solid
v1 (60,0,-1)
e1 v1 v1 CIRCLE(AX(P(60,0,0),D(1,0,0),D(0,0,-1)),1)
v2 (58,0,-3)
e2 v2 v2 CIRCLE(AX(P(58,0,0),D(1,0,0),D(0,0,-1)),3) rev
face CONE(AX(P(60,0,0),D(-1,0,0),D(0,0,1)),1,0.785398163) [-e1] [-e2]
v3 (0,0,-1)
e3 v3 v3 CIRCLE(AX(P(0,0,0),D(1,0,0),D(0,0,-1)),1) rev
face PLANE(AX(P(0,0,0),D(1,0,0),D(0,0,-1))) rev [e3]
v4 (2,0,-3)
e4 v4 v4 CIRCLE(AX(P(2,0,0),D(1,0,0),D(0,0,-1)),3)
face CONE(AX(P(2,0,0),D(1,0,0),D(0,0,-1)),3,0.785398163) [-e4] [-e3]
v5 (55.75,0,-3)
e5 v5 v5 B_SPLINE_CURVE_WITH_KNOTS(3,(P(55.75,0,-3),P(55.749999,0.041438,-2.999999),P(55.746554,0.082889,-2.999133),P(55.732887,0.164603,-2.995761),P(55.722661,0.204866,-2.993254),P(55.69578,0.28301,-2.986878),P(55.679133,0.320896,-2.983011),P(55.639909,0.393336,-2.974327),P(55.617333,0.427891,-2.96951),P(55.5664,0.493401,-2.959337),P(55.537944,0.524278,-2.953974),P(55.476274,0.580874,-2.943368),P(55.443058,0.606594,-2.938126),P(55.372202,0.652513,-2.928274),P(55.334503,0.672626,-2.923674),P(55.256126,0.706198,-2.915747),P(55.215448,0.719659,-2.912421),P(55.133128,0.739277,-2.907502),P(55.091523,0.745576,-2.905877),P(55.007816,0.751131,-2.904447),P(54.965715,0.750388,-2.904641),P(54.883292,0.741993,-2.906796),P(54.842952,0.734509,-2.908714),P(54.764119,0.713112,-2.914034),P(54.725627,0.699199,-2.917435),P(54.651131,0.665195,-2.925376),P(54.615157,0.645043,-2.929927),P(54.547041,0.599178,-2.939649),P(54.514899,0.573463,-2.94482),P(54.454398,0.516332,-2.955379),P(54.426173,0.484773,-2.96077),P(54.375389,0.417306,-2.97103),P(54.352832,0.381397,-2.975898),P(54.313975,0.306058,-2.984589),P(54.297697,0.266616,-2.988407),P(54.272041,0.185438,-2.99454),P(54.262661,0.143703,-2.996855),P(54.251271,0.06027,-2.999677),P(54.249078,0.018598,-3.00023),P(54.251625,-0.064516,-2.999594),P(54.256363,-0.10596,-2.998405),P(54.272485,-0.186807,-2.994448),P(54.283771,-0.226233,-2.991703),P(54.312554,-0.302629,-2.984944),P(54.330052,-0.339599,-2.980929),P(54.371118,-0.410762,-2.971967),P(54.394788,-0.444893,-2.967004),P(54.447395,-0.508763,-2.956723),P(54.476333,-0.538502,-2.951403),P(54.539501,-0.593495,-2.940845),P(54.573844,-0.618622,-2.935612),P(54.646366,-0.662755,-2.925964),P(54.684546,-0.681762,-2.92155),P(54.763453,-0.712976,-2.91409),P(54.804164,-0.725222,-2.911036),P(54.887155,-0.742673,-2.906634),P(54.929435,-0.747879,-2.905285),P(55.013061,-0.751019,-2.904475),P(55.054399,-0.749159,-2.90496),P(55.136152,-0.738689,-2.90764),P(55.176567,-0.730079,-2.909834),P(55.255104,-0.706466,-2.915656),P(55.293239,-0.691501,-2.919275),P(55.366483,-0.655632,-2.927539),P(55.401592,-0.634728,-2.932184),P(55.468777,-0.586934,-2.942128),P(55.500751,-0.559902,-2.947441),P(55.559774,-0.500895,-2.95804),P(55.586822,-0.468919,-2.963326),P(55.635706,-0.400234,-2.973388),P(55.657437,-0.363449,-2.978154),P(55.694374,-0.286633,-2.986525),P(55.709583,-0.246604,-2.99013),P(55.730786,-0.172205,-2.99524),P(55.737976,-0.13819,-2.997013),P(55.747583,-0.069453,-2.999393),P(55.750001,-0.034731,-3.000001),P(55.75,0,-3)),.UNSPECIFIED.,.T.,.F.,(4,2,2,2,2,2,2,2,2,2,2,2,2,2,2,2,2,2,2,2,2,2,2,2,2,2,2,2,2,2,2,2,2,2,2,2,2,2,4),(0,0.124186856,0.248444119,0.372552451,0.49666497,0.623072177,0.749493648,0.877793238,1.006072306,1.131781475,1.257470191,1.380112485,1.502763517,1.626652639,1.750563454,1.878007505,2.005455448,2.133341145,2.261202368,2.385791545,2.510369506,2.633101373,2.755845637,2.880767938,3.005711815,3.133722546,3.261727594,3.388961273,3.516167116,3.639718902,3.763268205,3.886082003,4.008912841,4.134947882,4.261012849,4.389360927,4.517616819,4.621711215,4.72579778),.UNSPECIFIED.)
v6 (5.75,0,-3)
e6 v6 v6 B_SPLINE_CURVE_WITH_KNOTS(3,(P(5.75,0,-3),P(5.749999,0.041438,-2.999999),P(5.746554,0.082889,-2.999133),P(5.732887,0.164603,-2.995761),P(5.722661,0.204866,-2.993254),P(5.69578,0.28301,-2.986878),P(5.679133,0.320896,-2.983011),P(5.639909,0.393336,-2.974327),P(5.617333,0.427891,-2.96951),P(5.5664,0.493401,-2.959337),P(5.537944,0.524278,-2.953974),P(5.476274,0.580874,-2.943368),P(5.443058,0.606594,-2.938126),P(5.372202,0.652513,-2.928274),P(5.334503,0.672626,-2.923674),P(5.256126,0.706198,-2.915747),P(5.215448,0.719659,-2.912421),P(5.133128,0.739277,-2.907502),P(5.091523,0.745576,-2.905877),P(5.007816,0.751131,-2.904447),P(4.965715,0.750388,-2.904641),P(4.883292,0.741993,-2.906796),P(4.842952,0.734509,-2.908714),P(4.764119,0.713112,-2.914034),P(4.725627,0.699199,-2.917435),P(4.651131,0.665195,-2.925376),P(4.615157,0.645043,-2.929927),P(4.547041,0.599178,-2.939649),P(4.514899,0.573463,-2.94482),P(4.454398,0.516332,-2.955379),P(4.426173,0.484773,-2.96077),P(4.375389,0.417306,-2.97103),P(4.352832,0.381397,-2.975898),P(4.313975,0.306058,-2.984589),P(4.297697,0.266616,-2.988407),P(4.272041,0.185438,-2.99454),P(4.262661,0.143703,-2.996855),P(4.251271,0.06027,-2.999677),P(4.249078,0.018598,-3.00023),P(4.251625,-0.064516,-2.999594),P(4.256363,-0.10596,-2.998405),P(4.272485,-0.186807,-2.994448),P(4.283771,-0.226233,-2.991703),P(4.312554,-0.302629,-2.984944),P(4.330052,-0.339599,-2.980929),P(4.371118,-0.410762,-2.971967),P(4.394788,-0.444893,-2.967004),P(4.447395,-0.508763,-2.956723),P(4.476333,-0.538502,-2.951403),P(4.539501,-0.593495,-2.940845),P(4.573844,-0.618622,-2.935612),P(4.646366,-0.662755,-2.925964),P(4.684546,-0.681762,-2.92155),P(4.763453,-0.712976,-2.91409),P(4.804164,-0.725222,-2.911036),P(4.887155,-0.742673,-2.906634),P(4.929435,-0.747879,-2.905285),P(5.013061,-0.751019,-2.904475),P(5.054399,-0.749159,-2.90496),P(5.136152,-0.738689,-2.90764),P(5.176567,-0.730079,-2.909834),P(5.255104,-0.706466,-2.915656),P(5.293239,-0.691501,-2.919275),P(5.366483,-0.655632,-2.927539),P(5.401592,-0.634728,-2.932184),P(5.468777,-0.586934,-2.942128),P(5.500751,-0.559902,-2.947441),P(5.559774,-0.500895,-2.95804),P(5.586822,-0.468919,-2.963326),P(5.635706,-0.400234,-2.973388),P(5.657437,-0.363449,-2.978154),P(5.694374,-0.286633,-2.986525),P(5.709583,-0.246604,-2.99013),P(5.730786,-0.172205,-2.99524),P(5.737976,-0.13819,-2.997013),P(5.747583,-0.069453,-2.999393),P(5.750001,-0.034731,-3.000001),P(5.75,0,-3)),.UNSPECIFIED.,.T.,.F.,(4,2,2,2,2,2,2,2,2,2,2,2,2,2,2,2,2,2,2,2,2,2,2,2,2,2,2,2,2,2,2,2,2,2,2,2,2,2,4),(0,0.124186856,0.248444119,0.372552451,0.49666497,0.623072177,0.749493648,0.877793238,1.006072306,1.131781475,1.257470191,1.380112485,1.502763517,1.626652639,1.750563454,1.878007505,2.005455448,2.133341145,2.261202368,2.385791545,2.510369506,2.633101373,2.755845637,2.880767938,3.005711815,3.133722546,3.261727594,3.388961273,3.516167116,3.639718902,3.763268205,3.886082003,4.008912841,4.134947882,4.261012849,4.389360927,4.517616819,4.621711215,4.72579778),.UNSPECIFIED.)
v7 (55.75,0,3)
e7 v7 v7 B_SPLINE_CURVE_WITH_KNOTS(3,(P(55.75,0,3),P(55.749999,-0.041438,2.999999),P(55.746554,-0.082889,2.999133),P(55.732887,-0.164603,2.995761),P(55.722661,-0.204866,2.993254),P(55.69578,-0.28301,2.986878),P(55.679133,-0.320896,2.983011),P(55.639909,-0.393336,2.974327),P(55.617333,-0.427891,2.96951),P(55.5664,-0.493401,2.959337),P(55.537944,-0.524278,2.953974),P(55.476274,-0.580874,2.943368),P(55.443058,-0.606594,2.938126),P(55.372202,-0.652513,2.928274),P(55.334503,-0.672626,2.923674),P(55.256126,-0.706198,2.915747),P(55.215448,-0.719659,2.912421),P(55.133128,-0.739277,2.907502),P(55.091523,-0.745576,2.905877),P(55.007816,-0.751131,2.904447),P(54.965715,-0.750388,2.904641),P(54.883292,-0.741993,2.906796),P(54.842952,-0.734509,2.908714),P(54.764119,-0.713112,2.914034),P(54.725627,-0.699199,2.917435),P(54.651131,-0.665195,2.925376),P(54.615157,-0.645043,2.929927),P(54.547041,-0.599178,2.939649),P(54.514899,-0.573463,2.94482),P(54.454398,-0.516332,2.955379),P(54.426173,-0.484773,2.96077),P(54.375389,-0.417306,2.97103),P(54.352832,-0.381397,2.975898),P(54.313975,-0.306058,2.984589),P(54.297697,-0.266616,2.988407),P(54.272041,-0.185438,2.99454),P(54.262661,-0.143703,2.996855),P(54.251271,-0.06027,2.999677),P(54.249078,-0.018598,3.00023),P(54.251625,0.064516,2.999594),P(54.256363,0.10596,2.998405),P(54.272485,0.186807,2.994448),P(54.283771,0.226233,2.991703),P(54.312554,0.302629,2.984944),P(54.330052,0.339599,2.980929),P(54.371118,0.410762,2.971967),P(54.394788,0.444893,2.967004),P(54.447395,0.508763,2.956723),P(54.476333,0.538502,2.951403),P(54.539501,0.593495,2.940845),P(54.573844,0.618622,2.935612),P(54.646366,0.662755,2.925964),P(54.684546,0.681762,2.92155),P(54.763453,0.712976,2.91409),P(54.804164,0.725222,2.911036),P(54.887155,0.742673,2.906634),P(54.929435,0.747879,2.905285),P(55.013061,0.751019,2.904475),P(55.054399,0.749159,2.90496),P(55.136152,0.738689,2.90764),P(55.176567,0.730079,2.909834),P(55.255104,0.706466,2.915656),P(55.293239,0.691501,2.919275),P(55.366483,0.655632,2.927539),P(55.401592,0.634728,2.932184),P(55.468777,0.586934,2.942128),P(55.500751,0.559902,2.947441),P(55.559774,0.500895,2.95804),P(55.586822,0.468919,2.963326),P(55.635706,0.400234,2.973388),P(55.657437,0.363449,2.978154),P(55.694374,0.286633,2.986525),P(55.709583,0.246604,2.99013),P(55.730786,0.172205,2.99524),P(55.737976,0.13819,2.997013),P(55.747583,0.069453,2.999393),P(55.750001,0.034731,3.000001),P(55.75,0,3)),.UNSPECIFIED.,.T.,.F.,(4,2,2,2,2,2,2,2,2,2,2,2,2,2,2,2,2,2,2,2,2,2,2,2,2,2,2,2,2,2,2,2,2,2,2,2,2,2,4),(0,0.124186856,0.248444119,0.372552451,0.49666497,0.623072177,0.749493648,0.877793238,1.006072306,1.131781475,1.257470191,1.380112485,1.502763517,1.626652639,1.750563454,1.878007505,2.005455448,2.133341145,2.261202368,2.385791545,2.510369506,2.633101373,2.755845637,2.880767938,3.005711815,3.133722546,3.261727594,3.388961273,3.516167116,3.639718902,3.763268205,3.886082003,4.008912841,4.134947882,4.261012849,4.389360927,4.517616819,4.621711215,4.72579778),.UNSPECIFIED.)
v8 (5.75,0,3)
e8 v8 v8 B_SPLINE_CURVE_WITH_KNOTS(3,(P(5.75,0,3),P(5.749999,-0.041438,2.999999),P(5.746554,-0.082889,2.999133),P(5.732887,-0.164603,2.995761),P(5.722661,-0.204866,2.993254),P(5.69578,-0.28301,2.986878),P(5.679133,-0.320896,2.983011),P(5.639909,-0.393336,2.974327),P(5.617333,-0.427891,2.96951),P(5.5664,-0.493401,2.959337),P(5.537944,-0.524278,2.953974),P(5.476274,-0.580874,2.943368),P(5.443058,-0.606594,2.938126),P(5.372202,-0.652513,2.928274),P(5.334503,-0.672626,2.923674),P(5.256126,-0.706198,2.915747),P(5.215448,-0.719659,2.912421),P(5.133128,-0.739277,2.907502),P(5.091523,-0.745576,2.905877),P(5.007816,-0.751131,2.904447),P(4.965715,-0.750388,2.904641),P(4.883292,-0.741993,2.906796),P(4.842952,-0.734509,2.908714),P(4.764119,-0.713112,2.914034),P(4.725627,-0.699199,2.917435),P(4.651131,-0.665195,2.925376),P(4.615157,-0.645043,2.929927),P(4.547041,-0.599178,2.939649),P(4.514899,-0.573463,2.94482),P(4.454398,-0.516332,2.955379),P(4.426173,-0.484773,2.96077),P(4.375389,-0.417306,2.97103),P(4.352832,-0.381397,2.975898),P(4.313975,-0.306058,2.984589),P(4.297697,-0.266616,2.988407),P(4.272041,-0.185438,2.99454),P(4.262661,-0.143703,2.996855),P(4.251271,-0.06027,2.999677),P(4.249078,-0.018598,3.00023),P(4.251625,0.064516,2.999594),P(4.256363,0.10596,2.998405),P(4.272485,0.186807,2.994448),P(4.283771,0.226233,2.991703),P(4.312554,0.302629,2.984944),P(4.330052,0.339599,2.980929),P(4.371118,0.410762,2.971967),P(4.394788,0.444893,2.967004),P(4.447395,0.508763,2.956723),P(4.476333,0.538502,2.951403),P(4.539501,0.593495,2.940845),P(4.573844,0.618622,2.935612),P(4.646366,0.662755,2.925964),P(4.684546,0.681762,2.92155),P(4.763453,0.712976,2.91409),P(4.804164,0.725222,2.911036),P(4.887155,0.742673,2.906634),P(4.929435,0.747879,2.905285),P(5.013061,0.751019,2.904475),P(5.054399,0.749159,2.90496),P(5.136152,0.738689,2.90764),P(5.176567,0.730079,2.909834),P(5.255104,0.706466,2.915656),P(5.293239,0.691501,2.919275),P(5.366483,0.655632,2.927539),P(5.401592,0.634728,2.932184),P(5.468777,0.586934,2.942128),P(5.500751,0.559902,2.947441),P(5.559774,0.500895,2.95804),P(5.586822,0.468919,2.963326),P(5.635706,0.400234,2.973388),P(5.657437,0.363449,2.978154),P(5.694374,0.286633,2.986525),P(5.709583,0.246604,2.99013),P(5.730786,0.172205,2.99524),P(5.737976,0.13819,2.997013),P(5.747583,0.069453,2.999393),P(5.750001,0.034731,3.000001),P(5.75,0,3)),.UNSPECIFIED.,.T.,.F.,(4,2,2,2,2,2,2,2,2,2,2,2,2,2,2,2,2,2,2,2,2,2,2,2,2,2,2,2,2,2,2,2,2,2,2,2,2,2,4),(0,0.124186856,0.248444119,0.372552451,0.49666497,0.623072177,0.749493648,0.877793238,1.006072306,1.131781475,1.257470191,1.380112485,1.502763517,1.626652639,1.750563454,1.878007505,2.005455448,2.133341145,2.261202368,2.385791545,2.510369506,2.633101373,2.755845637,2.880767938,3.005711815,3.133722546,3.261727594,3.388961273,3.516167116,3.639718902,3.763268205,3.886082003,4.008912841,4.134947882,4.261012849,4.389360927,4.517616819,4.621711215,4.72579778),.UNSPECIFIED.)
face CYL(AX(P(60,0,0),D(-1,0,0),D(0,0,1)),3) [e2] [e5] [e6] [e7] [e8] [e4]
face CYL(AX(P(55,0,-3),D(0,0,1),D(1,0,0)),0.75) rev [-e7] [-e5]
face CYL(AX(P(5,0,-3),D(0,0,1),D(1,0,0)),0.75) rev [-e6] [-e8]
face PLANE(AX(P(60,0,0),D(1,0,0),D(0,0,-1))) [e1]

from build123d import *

# Parameters (mm, degrees)
SKETCH_1_R               = 3
EXTRUDE_1_DEPTH          = 60
CHAMFER_1_SIZE           = 2
SKETCH_2_R               = 0.75
CUT_EXTRUDE_1_DEPTH      = 4
CUT_EXTRUDE_1_DEPTH_BACK = 4


with BuildPart() as part:
    # Эскиз1 → Бобышка-Вытянуть1 (new body)
    with BuildSketch(Plane(origin=(0, 0, 0), x_dir=(0, 0, -1), z_dir=(1, 0, 0))):
        Circle(SKETCH_1_R)
    extrude(amount=EXTRUDE_1_DEPTH)

    # Фаска1
    chamfer_1_edges = [part.edges().sort_by_distance(p)[0] for p in [
        (0, 0, 3),
        (60, 0, 3),
    ]]
    chamfer(chamfer_1_edges, length=CHAMFER_1_SIZE)

    # Эскиз2 → Вырез-Вытянуть1 (cut, two sides)
    with BuildSketch(Plane.XY) as cut_extrude_1_sk:
        with Locations((5, 0)):
            Circle(SKETCH_2_R)
        with Locations((55, 0)):
            Circle(SKETCH_2_R)
    extrude(amount=CUT_EXTRUDE_1_DEPTH, mode=Mode.SUBTRACT)
    extrude(cut_extrude_1_sk.sketch, amount=-CUT_EXTRUDE_1_DEPTH_BACK, mode=Mode.SUBTRACT)


solid = part.part
